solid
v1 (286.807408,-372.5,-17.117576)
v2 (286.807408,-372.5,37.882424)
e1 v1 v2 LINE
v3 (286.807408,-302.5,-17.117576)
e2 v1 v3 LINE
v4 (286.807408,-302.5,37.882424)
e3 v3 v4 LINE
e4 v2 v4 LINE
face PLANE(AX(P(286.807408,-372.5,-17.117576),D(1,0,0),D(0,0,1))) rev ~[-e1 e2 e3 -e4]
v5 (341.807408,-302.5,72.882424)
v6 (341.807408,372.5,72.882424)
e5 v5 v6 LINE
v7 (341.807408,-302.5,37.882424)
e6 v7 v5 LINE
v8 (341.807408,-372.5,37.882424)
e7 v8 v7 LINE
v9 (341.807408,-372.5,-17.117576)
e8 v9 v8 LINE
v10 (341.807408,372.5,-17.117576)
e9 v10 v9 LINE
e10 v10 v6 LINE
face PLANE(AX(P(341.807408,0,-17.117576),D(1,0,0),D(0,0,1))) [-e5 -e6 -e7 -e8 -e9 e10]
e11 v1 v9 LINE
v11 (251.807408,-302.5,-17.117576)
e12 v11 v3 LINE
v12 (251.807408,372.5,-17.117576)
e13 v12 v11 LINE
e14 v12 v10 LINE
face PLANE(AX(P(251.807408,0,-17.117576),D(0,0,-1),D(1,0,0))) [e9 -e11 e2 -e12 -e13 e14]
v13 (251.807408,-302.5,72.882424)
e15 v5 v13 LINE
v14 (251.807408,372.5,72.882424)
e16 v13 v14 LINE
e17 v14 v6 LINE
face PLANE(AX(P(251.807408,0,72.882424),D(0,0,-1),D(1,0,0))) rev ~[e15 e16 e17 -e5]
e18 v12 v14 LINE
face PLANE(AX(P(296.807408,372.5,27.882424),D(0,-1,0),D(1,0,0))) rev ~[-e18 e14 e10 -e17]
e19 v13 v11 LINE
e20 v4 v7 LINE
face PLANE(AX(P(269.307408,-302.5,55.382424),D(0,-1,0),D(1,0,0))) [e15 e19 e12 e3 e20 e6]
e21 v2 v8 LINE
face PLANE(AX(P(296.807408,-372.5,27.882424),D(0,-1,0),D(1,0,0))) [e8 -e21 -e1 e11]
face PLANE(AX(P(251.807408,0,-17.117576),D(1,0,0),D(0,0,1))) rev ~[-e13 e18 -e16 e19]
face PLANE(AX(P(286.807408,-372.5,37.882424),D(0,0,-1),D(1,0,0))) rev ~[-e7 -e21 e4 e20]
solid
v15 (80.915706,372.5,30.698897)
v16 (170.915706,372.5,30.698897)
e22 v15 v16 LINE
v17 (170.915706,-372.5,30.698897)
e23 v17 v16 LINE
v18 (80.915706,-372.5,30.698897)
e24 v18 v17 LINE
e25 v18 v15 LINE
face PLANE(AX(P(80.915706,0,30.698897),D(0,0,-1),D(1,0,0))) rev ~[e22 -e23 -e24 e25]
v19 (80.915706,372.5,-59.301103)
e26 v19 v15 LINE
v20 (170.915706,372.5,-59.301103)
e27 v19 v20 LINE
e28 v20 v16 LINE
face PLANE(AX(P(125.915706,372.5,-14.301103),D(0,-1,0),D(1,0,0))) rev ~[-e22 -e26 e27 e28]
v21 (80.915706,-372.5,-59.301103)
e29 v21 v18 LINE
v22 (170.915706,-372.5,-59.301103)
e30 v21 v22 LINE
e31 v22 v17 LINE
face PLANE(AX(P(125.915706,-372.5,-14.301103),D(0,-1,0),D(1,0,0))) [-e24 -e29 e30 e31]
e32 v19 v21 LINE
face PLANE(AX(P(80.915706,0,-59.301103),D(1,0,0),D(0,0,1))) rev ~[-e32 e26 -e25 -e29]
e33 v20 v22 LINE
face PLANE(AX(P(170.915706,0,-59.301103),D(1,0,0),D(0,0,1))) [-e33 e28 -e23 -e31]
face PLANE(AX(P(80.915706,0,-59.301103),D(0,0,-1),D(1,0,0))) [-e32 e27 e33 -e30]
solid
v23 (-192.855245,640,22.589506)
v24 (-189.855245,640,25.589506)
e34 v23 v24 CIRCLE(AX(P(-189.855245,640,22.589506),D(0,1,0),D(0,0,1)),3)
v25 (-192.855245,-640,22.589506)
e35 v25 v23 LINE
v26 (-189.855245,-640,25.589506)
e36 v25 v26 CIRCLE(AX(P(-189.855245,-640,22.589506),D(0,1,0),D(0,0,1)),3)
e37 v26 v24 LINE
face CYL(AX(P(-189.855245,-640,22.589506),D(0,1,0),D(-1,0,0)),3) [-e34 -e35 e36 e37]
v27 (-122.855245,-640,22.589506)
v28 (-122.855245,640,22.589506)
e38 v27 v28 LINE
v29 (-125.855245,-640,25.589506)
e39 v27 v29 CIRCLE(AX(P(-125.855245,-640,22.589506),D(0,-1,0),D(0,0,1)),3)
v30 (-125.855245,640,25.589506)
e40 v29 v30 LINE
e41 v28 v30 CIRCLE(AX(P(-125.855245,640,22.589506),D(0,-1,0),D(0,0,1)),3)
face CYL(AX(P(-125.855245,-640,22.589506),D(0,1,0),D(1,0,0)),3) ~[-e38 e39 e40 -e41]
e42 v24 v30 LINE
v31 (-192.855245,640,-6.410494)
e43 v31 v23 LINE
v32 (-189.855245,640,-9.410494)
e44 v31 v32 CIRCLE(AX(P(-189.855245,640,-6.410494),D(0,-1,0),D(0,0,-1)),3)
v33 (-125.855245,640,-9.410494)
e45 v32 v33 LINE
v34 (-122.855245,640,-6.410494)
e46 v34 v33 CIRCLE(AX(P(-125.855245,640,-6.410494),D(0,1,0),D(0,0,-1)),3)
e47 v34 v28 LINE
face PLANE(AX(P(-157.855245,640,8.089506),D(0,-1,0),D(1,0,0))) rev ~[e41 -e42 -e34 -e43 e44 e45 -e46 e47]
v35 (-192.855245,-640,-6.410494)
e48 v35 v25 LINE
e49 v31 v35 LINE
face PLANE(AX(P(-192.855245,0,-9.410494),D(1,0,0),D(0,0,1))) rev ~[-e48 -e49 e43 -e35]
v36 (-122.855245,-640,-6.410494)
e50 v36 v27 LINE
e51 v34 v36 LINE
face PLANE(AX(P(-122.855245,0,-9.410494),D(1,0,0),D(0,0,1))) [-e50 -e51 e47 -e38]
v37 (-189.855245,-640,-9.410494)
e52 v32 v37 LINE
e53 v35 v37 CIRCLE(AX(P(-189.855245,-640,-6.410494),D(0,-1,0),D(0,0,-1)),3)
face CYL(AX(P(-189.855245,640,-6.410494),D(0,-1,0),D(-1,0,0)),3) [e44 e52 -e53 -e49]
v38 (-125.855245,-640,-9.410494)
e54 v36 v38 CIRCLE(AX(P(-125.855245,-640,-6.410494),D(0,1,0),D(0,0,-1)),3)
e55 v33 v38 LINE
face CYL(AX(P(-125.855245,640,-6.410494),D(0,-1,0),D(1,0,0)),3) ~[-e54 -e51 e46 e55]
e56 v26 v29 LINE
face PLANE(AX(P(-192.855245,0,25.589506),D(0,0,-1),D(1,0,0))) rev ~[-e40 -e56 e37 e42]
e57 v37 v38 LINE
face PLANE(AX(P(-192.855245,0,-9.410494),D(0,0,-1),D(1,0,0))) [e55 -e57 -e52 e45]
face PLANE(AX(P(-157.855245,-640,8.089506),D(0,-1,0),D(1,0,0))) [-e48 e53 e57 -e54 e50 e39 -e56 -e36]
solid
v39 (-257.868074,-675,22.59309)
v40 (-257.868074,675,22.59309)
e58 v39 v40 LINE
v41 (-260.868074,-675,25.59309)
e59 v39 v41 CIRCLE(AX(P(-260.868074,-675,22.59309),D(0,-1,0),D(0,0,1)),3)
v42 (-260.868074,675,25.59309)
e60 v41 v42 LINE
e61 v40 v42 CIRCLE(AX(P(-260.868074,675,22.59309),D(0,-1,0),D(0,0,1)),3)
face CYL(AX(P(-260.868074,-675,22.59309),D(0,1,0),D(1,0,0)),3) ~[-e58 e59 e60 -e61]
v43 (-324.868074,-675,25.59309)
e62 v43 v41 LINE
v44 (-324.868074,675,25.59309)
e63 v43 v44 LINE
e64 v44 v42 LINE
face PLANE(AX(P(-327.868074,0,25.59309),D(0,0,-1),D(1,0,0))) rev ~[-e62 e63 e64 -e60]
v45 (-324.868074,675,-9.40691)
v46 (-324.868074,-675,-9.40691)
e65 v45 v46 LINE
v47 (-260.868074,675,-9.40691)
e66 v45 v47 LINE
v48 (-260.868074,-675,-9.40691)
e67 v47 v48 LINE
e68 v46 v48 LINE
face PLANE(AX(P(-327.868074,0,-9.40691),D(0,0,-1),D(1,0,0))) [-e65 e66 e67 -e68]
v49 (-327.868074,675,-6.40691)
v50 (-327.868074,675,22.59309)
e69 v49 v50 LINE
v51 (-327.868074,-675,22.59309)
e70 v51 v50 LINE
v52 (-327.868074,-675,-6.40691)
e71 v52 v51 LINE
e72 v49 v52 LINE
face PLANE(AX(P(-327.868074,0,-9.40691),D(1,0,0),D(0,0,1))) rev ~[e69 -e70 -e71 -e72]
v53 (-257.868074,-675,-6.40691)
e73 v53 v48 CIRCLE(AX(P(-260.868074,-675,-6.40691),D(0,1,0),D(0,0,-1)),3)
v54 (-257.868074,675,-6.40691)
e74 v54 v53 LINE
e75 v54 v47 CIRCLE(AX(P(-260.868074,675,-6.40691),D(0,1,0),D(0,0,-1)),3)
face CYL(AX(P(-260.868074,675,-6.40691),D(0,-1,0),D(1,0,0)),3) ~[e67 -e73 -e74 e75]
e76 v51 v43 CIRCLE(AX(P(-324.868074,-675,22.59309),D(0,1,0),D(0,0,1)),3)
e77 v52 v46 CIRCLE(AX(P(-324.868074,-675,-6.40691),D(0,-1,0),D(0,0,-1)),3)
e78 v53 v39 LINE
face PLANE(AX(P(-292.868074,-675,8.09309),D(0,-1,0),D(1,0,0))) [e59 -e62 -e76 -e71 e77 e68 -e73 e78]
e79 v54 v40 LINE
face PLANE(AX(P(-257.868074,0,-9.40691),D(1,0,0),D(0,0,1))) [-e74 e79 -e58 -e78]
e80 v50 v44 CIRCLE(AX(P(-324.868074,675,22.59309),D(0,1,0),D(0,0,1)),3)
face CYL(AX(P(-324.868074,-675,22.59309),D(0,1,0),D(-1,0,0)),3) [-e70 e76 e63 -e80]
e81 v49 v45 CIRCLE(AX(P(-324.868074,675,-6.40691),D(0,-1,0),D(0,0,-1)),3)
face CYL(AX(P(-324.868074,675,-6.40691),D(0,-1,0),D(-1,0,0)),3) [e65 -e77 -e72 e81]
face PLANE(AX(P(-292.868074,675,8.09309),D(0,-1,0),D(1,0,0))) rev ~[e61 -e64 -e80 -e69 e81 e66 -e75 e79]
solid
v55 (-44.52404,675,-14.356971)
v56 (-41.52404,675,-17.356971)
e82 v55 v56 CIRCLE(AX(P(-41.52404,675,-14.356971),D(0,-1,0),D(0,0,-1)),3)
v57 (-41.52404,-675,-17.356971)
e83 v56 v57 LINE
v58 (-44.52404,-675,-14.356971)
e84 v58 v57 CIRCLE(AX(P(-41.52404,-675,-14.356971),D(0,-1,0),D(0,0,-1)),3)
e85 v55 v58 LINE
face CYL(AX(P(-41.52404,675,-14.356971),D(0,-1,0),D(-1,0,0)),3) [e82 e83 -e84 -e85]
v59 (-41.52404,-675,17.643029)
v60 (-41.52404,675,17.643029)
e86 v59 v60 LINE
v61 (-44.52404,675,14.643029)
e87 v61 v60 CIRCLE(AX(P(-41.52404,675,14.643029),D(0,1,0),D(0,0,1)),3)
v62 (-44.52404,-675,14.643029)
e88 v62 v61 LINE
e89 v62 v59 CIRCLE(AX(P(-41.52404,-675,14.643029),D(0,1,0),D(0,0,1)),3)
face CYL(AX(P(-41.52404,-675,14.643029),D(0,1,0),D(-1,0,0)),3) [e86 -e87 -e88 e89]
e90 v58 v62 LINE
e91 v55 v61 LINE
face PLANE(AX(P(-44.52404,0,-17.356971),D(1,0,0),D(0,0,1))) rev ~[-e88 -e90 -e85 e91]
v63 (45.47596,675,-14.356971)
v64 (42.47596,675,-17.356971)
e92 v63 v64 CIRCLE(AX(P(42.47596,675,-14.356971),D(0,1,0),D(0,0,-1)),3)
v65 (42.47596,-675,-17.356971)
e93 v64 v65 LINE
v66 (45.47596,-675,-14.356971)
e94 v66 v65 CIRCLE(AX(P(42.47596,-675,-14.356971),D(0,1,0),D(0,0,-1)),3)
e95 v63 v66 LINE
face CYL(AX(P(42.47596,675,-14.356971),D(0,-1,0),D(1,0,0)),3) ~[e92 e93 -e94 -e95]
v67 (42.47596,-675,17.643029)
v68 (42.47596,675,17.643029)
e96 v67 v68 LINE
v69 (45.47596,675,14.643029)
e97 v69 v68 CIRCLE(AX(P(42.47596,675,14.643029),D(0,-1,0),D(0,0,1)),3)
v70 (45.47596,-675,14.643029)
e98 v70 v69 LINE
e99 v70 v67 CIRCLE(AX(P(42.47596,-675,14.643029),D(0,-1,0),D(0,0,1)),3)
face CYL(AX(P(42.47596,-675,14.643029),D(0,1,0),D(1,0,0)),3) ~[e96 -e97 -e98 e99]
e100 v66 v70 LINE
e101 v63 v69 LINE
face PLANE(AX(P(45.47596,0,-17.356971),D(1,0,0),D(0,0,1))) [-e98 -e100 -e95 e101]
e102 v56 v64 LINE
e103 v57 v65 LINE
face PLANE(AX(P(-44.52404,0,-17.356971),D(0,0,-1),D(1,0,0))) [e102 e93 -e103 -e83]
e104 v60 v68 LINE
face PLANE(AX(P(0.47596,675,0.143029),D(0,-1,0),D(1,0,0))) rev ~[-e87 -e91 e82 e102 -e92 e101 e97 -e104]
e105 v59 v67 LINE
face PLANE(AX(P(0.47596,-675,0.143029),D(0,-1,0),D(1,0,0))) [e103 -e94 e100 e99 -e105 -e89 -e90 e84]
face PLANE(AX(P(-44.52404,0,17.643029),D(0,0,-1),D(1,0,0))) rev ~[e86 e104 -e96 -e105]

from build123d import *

# Parameters (mm, degrees)
F0_W      = 90
F0_H      = 35
F1_DEPTH  = 675
F2_R      = 3
F3_W      = 90
F3_H      = 90
F4_DEPTH  = 372.5
F5_W      = 70
F5_H      = 35
F6_DEPTH  = 640
F7_R      = 3
F8_W      = 70
F8_H      = 35
F9_DEPTH  = 675
F10_R     = 3
F11_W     = 90
F11_H     = 90
F12_DEPTH = 372.5
F13_W     = 35
F13_H     = 35
F13_W_2   = 55
F13_H_2   = 55
F14_DEPTH = 70


with BuildPart() as f1:
    # F0 (on Front) → F1 (new body, symmetric)
    with BuildSketch(Plane.XZ):
        with Locations((0.47596, 0.143029)):
            Rectangle(F0_W, F0_H)
    extrude(amount=F1_DEPTH, both=True)

    # F2
    f2_edges = [f1.edges().sort_by_distance(p)[0] for p in [
        (45.47596, 0, 17.643029),
        (45.47596, 0, -17.356971),
        (-44.52404, 0, 17.643029),
        (-44.52404, 0, -17.356971),
    ]]
    fillet(f2_edges, radius=F2_R)


with BuildPart() as f4:
    # F3 (on Front) → F4 (new body, symmetric)
    with BuildSketch(Plane.XZ):
        with Locations((125.915706, -14.301103)):
            Rectangle(F3_W, F3_H)
    extrude(amount=F4_DEPTH, both=True)


with BuildPart() as f6:
    # F5 (on Front) → F6 (new body, symmetric)
    with BuildSketch(Plane.XZ):
        with Locations((-157.855245, 8.089506)):
            Rectangle(F5_W, F5_H)
    extrude(amount=F6_DEPTH, both=True)

    # F7
    f7_edges = [f6.edges().sort_by_distance(p)[0] for p in [
        (-122.855245, 0, 25.589506),
        (-122.855245, 0, -9.410494),
        (-192.855245, 0, 25.589506),
        (-192.855245, 0, -9.410494),
    ]]
    fillet(f7_edges, radius=F7_R)


with BuildPart() as f9:
    # F8 (on Front) → F9 (new body, symmetric)
    with BuildSketch(Plane.XZ):
        with Locations((-292.868074, 8.09309)):
            Rectangle(F8_W, F8_H)
    extrude(amount=F9_DEPTH, both=True)

    # F10
    f10_edges = [f9.edges().sort_by_distance(p)[0] for p in [
        (-327.868074, 0, -9.40691),
        (-327.868074, 0, 25.59309),
        (-257.868074, 0, 25.59309),
        (-257.868074, 0, -9.40691),
    ]]
    fillet(f10_edges, radius=F10_R)


with BuildPart() as f12:
    # F11 (on Front) → F12 (new body, symmetric)
    with BuildSketch(Plane.XZ):
        with Locations((296.807408, 27.882424)):
            Rectangle(F11_W, F11_H)
    extrude(amount=F12_DEPTH, both=True)

    # F13 (on face) → F14 (cut)
    with BuildSketch(Plane.XZ.offset(372.5)):
        with Locations((269.307408, 55.382424)):
            Rectangle(F13_W, F13_H)
        with Locations((314.307408, 55.382424)):
            Rectangle(F13_W_2, F13_H)
        with Locations((269.307408, 10.382424)):
            Rectangle(F13_W, F13_H_2)
    extrude(amount=-F14_DEPTH, mode=Mode.SUBTRACT)


solid = Compound([f1.part, f4.part, f6.part, f9.part, f12.part])
